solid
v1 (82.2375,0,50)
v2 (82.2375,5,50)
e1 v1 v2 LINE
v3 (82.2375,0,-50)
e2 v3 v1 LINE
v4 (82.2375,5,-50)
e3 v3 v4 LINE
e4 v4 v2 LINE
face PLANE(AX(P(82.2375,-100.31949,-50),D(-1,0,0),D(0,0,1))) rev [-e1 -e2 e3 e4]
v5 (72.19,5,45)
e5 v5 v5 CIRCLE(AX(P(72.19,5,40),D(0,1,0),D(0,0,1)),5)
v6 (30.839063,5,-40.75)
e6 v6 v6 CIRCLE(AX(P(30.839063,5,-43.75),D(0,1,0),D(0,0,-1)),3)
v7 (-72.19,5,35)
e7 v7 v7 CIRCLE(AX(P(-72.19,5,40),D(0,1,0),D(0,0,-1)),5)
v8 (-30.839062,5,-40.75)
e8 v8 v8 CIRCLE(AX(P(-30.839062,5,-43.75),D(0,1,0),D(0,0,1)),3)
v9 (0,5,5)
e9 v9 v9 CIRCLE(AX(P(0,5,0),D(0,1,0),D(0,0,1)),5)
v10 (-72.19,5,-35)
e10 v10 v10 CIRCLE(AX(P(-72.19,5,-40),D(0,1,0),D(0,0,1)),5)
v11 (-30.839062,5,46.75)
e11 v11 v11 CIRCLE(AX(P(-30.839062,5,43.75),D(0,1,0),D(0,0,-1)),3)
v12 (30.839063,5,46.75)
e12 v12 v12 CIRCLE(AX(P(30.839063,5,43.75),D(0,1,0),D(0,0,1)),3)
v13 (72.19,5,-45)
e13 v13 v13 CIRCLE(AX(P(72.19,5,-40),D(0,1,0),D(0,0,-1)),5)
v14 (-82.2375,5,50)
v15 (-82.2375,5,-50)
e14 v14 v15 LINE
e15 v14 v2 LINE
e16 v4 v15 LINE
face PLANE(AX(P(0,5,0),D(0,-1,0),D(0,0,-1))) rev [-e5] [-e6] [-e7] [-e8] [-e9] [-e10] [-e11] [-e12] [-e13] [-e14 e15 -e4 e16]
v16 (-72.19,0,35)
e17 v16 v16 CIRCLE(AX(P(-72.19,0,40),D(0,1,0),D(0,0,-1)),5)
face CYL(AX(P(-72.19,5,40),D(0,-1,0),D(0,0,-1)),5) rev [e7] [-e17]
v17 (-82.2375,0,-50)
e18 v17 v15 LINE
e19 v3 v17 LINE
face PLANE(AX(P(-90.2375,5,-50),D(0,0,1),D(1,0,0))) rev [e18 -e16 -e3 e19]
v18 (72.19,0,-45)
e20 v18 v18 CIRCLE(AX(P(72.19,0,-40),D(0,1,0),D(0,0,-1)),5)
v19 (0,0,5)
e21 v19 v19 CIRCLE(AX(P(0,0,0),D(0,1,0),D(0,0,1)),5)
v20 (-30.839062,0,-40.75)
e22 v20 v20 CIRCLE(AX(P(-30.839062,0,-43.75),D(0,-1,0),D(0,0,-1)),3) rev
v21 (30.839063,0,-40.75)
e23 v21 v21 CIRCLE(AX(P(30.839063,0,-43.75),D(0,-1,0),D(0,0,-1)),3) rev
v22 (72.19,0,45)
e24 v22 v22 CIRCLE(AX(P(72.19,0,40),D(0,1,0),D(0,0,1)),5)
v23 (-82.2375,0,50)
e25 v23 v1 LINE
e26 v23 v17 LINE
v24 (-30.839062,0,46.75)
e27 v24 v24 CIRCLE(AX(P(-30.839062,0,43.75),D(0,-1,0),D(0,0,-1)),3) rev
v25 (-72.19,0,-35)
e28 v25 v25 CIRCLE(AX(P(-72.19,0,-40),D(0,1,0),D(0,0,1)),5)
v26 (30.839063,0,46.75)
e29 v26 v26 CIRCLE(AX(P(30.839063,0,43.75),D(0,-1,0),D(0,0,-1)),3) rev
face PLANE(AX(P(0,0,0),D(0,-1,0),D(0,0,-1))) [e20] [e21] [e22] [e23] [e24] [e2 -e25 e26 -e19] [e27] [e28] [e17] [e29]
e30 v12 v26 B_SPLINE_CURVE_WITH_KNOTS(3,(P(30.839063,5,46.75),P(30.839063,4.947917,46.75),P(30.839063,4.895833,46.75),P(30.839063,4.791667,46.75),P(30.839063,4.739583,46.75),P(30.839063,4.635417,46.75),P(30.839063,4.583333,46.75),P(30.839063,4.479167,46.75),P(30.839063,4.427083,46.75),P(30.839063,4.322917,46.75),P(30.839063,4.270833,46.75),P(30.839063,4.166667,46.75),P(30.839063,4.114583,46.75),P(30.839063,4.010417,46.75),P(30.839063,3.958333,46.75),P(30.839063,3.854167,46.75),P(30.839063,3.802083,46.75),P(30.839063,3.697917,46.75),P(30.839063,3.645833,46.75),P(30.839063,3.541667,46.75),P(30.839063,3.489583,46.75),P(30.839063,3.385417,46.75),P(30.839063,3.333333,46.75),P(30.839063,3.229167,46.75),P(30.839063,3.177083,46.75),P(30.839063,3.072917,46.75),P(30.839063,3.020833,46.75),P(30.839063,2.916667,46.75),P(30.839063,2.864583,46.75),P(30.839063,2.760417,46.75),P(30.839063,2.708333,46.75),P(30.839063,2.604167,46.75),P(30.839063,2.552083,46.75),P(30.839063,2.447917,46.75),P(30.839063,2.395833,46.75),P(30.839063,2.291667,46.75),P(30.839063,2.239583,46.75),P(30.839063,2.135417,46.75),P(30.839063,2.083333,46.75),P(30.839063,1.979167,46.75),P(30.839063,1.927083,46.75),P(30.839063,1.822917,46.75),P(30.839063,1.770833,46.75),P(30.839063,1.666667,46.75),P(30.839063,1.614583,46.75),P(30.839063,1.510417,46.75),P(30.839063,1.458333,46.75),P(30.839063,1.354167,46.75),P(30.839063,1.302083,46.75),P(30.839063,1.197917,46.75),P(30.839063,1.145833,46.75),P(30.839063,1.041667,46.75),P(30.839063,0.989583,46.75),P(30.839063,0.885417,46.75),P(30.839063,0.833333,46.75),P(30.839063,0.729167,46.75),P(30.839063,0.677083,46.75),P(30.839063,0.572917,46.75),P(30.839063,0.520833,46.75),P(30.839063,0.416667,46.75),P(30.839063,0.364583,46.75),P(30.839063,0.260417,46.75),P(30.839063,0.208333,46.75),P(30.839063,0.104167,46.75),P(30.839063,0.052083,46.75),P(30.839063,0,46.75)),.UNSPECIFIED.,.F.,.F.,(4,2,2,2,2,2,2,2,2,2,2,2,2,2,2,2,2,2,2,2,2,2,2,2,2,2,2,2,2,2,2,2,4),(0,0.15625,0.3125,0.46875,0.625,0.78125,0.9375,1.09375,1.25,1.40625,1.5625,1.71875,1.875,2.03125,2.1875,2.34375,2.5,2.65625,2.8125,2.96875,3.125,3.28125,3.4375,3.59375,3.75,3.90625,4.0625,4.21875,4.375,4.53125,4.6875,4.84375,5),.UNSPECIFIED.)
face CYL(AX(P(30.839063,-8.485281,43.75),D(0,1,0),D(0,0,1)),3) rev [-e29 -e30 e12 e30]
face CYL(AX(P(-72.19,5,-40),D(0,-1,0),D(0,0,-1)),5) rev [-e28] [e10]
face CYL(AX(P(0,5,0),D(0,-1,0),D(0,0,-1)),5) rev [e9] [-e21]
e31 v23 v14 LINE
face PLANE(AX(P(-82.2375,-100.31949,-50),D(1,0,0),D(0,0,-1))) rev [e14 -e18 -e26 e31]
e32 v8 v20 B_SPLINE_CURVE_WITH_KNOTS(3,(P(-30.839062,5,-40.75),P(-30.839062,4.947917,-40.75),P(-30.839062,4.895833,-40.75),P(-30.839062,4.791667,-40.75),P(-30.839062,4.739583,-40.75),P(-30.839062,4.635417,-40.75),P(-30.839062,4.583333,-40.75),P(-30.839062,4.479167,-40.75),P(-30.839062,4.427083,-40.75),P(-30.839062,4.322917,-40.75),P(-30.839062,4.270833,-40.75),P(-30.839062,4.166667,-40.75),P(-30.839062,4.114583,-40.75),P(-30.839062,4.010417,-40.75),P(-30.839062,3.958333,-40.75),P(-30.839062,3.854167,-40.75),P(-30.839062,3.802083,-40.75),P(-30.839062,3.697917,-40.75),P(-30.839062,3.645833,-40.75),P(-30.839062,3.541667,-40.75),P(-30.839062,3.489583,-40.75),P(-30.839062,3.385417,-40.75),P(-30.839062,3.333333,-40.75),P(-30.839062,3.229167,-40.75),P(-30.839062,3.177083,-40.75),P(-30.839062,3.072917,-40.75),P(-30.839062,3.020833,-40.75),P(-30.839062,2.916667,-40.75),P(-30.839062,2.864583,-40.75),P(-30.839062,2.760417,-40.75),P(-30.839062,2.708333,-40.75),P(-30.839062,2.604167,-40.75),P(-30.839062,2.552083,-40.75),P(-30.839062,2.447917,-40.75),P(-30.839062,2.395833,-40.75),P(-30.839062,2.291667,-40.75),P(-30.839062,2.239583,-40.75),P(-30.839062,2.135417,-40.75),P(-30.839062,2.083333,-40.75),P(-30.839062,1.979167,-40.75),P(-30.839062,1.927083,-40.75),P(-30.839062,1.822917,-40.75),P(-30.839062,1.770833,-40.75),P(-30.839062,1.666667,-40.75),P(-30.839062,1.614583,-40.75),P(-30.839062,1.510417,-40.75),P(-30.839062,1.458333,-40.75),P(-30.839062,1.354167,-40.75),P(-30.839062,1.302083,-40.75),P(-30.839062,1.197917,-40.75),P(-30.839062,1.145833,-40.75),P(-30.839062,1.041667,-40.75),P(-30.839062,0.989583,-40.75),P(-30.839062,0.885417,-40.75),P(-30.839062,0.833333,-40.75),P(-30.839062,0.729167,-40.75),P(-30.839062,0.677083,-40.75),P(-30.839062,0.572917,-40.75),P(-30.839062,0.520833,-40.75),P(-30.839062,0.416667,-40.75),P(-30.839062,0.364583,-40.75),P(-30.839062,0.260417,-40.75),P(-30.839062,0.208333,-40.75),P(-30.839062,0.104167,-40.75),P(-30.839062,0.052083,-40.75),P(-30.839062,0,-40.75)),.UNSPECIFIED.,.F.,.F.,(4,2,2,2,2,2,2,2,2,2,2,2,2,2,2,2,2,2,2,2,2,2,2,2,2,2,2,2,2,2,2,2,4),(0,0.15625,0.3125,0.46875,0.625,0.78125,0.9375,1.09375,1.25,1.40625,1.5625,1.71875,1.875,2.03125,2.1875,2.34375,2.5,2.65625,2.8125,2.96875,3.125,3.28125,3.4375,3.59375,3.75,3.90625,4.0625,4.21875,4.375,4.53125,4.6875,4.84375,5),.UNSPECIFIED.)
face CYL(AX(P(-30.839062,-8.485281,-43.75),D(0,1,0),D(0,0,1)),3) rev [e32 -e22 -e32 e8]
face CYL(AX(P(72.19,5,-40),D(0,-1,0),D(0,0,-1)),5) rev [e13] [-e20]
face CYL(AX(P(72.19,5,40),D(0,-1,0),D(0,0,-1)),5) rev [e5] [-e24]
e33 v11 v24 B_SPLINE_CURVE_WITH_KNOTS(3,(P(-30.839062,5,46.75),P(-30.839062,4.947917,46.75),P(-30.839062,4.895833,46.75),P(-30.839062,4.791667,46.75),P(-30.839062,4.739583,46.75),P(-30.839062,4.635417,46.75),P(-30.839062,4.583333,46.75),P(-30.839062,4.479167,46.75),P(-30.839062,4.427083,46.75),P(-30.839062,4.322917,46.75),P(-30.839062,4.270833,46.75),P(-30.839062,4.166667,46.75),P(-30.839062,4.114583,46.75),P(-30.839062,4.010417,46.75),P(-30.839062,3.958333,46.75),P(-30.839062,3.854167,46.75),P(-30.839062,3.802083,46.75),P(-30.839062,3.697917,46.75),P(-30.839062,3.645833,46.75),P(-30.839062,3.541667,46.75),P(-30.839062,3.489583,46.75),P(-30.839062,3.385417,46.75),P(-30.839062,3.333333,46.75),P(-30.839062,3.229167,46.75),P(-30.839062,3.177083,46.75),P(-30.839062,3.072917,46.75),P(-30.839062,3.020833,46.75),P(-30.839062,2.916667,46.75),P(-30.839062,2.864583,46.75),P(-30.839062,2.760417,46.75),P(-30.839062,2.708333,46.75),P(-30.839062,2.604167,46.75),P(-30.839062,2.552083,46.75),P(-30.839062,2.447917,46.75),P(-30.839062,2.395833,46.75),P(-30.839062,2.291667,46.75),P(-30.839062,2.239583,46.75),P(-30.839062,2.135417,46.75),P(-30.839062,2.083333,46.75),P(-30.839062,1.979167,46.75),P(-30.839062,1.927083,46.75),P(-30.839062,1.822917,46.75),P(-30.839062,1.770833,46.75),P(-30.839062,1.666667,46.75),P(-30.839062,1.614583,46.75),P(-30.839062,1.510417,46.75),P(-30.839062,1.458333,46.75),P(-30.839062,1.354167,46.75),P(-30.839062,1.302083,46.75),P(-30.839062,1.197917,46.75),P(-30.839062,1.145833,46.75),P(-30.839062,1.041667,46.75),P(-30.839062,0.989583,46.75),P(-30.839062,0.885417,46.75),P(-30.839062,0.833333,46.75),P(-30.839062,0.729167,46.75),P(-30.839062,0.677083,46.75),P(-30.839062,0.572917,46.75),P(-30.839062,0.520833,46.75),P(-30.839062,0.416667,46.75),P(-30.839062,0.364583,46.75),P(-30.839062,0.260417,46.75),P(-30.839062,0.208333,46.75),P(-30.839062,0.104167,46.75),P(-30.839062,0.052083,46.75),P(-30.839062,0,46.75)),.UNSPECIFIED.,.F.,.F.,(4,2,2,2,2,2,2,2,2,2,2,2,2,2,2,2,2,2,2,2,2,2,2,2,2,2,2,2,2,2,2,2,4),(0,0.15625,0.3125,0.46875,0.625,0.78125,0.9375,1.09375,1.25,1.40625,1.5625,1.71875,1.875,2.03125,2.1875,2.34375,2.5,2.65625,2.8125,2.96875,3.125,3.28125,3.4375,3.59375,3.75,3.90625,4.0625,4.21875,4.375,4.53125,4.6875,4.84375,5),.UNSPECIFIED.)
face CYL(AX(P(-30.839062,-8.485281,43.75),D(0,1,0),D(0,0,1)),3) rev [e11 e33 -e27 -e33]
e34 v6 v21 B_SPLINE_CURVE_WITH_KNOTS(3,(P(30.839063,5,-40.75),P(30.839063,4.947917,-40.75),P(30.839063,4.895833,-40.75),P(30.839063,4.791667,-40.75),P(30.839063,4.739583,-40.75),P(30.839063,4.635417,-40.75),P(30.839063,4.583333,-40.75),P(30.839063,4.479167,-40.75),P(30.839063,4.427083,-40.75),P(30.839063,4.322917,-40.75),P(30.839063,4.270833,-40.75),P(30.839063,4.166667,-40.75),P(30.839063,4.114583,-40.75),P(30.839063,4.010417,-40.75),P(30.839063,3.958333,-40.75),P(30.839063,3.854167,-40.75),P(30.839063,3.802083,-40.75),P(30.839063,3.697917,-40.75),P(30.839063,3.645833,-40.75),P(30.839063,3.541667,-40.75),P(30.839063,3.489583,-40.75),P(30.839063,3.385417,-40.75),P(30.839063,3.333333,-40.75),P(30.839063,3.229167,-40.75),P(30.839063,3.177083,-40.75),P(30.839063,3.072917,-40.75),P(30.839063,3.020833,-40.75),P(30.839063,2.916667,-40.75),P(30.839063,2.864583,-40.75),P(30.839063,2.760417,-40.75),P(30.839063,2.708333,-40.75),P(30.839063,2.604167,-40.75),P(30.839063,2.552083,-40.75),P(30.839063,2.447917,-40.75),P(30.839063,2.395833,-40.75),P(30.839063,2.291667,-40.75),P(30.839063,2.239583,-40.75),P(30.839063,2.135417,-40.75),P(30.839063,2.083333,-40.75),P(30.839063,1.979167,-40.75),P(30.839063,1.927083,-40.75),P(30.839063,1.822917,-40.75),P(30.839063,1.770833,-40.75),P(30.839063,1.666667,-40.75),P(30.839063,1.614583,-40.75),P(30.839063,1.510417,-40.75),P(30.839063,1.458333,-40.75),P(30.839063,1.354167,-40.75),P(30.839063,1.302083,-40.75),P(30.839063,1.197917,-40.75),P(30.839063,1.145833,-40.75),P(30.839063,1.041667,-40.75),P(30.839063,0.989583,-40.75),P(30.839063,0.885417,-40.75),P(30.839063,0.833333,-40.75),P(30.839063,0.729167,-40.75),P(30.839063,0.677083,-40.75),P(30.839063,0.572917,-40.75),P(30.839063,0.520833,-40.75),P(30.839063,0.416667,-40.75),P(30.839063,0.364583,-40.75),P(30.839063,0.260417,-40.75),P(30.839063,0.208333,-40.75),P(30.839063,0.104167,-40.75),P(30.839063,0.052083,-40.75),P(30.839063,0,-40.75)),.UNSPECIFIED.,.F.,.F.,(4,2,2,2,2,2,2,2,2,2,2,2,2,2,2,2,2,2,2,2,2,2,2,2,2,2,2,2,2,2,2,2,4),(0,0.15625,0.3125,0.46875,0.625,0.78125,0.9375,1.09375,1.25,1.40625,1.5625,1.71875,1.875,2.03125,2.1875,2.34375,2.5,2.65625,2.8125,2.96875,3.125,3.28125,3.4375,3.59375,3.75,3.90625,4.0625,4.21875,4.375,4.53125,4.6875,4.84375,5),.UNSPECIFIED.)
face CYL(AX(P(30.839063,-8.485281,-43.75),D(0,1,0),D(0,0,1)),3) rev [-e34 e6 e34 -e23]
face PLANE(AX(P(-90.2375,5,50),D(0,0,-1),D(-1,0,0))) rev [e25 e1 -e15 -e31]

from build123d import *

# Parameters (mm, degrees)
ESQUISSE1_W             = 180.475
ESQUISSE1_H             = 100
ESQUISSE1_R             = 5
BOSS_EXTRU_1_DEPTH      = 5
ESQUISSE2_W             = 8
ESQUISSE2_H             = 100
ENL_V_MAT_EXTRU_1_DEPTH = 5
ESQUISSE3_R             = 3
ENL_V_MAT_EXTRU_2_DEPTH = 5


with BuildPart() as part:
    # Esquisse1 → Boss.-Extru.1 (new body)
    with BuildSketch(Plane(origin=(0, 0, 0), x_dir=(1, 0, 0), z_dir=(0, 1, 0))):
        Rectangle(ESQUISSE1_W, ESQUISSE1_H)
        with Locations(Location((-72.19, 40, 0), (0, 0, 270))):
            Circle(ESQUISSE1_R, mode=Mode.SUBTRACT)
        with Locations(Location((72.19, 40, 0), (0, 0, 90))):
            Circle(ESQUISSE1_R, mode=Mode.SUBTRACT)
        with Locations(Location((72.19, -40, 0), (0, 0, 270))):
            Circle(ESQUISSE1_R, mode=Mode.SUBTRACT)
        with Locations(Location((-72.19, -40, 0), (0, 0, 90))):
            Circle(ESQUISSE1_R, mode=Mode.SUBTRACT)
        with Locations(Location((0, 0, 0), (0, 0, 270))):
            Circle(ESQUISSE1_R, mode=Mode.SUBTRACT)
    extrude(amount=BOSS_EXTRU_1_DEPTH)

    # Esquisse2 → Enlèv. mat.-Extru.1 (cut)
    with BuildSketch(Plane(origin=(0, 5, 0), x_dir=(1, 0, 0), z_dir=(0, 1, 0))):
        with Locations((-86.2375, 0)):
            Rectangle(ESQUISSE2_W, ESQUISSE2_H)
        with Locations((86.2375, 0)):
            Rectangle(ESQUISSE2_W, ESQUISSE2_H)
    extrude(amount=-ENL_V_MAT_EXTRU_1_DEPTH, mode=Mode.SUBTRACT)

    # Esquisse3 → Enlèv. mat.-Extru.2 (cut)
    with BuildSketch(Plane(origin=(0, 5, 0), x_dir=(1, 0, 0), z_dir=(0, 1, 0))):
        with Locations(Location((-30.8390625, 43.75, 0), (0, 0, 270))):
            Circle(ESQUISSE3_R)
        with Locations(Location((30.8390625, 43.75, 0), (0, 0, 270))):
            Circle(ESQUISSE3_R)
        with Locations(Location((30.8390625, -43.75, 0), (0, 0, 270))):
            Circle(ESQUISSE3_R)
        with Locations(Location((-30.8390625, -43.75, 0), (0, 0, 270))):
            Circle(ESQUISSE3_R)
    extrude(amount=-ENL_V_MAT_EXTRU_2_DEPTH, mode=Mode.SUBTRACT)


solid = part.part
